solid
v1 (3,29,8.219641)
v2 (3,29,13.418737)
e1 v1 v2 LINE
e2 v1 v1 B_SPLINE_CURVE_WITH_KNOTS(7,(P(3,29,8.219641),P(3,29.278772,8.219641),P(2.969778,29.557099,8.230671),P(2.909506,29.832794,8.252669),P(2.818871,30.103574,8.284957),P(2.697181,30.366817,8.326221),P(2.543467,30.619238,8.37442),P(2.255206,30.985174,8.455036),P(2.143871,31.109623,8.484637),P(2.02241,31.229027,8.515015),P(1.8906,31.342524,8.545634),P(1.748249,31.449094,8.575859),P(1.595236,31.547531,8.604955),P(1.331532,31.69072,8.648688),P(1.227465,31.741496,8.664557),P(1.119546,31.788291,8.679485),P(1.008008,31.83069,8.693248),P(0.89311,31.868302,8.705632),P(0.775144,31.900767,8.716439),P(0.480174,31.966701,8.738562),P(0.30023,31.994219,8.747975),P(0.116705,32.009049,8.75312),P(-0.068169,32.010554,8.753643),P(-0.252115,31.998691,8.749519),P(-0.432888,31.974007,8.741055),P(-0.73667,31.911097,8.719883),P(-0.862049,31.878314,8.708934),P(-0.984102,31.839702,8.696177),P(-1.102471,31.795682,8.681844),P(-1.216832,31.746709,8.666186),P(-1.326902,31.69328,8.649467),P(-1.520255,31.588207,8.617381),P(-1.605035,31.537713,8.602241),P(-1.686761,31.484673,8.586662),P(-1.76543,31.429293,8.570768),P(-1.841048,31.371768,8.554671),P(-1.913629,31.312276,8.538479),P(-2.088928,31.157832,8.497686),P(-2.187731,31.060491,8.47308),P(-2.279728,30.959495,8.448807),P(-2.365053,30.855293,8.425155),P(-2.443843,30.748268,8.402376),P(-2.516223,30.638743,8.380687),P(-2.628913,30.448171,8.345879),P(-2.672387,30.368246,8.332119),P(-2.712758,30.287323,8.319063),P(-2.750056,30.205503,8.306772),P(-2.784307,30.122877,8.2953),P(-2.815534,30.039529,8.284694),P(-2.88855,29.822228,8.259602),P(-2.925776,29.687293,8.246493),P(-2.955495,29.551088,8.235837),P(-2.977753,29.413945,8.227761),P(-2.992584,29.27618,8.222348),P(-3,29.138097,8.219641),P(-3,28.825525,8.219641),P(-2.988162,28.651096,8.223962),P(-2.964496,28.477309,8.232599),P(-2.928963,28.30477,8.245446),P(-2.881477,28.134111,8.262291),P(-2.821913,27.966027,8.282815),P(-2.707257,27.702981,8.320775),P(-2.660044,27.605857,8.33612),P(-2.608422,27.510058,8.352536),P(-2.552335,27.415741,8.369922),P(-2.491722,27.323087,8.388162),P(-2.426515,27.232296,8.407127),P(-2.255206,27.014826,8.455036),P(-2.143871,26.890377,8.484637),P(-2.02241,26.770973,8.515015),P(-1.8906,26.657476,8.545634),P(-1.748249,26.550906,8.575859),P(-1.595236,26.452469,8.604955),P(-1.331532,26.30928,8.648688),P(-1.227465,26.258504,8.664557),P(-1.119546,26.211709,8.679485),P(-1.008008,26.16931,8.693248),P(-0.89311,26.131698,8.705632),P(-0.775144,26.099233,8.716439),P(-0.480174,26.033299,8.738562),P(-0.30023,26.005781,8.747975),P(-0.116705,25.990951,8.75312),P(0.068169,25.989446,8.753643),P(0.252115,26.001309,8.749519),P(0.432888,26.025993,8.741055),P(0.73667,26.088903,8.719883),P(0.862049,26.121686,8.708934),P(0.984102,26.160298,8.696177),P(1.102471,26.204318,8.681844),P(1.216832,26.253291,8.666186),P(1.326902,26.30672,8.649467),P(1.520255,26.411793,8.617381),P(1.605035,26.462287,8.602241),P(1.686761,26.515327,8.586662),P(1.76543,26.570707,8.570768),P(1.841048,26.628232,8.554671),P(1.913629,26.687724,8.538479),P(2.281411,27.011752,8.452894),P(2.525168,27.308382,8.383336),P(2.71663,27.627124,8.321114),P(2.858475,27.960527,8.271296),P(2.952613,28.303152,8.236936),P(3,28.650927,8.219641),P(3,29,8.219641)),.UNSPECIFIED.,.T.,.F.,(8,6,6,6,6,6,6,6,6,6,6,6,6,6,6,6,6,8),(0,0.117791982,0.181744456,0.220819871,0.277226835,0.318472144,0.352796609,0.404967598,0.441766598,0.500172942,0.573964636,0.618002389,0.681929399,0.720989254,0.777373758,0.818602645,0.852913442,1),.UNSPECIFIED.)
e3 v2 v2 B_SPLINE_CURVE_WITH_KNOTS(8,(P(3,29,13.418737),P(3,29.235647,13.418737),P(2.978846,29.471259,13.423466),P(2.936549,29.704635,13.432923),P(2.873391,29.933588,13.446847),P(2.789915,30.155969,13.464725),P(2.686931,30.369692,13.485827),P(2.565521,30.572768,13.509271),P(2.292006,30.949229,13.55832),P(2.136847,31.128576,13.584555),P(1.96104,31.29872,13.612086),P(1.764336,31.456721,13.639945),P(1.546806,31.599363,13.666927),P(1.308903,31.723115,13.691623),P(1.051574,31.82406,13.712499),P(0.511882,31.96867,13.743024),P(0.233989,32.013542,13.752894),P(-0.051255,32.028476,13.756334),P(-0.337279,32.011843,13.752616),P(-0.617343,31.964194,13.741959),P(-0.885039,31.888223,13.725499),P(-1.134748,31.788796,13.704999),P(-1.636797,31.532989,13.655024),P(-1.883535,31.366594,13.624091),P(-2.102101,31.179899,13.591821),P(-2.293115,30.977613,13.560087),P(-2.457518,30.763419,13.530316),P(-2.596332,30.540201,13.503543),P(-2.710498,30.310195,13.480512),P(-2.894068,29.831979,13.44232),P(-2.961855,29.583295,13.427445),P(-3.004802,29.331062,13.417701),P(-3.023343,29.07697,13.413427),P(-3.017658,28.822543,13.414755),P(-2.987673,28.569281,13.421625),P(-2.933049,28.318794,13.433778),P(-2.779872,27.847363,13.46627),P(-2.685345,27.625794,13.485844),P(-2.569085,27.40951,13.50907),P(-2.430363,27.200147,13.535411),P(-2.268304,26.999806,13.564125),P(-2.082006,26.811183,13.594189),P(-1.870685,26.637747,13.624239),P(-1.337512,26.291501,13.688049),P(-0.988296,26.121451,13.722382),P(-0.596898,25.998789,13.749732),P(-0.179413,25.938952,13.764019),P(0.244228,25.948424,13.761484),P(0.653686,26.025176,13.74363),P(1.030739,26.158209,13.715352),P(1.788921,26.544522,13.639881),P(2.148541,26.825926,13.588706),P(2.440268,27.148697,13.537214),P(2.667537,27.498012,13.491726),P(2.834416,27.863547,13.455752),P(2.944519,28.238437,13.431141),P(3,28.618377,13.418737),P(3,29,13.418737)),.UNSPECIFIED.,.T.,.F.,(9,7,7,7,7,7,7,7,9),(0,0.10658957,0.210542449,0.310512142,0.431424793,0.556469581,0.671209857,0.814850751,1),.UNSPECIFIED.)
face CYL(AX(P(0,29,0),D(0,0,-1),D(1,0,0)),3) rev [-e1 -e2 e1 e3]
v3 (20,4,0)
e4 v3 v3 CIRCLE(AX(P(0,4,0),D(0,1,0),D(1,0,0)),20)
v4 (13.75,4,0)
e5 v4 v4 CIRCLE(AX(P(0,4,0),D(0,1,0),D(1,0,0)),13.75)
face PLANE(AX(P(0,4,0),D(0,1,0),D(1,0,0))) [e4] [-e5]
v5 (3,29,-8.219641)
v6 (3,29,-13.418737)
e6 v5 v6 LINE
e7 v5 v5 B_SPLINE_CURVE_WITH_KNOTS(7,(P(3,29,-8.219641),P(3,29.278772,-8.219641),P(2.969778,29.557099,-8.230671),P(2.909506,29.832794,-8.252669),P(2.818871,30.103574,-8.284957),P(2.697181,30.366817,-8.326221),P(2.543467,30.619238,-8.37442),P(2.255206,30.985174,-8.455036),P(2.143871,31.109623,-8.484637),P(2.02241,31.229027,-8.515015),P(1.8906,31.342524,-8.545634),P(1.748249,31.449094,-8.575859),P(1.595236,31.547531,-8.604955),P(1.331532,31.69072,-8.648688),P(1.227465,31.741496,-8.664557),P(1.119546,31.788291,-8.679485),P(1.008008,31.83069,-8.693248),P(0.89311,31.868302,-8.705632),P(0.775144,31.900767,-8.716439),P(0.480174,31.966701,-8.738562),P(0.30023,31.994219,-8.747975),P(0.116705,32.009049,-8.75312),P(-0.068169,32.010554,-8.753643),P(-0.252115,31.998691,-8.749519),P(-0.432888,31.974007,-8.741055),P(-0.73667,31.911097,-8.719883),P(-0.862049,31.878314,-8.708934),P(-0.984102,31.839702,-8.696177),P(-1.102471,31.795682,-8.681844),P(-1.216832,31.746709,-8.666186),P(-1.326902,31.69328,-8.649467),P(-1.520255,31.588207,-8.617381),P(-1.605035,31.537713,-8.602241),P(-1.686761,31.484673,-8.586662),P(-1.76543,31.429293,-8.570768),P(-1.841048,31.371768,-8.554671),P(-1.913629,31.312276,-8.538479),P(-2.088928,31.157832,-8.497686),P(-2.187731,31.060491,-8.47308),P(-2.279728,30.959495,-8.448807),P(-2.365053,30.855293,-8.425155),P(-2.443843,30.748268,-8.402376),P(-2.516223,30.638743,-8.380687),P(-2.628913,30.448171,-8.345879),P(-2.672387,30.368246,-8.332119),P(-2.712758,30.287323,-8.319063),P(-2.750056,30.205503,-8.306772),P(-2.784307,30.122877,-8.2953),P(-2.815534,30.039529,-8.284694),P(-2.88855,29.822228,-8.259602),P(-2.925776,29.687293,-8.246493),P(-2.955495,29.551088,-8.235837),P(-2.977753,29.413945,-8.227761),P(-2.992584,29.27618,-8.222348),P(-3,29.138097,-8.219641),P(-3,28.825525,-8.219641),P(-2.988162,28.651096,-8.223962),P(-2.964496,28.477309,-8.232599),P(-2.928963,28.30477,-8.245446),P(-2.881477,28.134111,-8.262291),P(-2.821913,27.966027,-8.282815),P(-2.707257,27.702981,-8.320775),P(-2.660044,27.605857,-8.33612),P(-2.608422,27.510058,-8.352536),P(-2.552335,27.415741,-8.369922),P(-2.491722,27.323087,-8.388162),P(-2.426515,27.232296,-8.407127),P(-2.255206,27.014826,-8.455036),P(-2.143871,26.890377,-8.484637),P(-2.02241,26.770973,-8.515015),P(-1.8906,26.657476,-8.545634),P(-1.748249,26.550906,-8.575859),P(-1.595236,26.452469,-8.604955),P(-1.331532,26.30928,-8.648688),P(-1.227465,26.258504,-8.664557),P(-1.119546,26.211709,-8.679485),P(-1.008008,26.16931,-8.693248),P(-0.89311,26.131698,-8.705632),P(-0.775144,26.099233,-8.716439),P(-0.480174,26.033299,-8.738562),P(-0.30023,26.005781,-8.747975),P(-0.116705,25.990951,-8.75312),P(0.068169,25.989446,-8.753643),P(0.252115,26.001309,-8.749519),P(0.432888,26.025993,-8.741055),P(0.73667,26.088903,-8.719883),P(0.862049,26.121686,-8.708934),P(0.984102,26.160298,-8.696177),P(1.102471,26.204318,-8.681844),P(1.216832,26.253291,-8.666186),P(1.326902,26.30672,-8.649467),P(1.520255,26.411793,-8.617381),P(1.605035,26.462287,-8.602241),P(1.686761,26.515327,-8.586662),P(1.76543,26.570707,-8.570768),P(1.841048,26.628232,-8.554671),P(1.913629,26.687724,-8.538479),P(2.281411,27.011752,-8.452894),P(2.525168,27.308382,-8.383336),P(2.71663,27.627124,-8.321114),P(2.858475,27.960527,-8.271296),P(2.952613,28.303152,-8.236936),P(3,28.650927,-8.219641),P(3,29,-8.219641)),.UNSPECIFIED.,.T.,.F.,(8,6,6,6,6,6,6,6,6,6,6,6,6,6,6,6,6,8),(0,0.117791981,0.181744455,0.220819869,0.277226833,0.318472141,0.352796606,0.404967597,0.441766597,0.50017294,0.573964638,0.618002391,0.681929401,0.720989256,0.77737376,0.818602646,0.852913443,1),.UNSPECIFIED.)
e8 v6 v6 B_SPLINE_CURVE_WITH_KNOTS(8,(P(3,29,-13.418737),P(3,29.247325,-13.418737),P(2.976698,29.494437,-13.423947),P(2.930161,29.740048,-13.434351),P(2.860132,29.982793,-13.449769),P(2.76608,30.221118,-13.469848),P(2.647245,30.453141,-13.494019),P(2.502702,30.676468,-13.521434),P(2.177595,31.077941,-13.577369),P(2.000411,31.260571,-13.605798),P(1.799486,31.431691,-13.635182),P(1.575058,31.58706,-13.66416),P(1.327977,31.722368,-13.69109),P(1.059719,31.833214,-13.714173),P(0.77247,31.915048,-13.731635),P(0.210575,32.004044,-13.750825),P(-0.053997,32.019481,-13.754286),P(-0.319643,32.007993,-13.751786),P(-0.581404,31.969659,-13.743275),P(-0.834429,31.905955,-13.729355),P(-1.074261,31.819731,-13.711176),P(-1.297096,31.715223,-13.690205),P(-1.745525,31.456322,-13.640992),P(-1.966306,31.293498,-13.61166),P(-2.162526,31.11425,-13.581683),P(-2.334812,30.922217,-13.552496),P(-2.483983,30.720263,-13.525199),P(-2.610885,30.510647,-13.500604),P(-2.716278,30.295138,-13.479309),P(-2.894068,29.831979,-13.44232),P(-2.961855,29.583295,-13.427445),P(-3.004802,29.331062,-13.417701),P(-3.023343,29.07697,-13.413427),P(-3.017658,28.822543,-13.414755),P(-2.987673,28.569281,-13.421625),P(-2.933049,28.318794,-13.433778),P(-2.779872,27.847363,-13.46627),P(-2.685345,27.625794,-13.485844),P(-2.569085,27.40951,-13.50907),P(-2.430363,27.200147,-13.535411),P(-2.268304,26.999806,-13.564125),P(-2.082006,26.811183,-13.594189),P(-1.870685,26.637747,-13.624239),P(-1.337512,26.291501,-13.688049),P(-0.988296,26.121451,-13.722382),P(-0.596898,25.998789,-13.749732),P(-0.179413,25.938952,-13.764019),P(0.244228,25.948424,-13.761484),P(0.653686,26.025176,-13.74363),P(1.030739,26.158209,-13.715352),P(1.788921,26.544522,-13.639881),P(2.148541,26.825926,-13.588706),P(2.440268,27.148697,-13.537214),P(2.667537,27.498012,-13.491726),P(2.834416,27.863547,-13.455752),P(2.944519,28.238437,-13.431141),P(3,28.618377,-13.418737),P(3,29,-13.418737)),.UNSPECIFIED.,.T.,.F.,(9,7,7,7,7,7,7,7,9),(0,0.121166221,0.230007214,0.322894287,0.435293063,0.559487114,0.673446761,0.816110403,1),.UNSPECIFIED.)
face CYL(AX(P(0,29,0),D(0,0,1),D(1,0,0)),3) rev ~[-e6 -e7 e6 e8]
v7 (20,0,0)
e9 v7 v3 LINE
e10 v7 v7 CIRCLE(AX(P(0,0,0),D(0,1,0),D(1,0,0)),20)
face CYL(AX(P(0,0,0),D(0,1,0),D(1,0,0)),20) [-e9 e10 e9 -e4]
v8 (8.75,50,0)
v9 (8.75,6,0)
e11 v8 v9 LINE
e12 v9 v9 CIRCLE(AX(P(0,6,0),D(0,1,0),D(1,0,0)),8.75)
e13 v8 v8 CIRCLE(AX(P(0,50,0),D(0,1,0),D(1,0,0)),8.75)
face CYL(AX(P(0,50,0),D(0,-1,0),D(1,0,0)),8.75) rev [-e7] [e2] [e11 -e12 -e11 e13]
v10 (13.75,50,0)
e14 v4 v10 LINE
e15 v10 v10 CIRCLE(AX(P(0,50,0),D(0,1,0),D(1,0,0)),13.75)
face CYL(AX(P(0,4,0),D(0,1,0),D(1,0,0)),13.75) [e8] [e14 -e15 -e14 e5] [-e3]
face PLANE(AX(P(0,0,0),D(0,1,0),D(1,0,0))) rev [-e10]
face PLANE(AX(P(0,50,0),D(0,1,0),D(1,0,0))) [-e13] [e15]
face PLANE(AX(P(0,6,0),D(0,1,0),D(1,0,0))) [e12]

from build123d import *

# Parameters (mm, degrees)
SKETCH001_R = 3
HOLE_DEPTH  = 170.997689


with BuildPart() as part:
    # Sketch → Revolution (revolve)
    with BuildSketch(Plane.XY):
        Polygon((0, 0), (20, 0), (20, 4), (13.75, 4), (13.75, 50), (8.75, 50), (8.75, 6), (0, 6), align=None)
    revolve(axis=Axis((0, 0, 0), (0, 1, 0)))

    # Sketch001 → Hole (cut, through all)
    with BuildSketch(Plane.XY):
        with Locations((0, 29)):
            Circle(SKETCH001_R)
    hole = extrude(amount=-HOLE_DEPTH, mode=Mode.SUBTRACT)

    # Mirrored: Hole across XY
    add(hole.mirror(Plane.XY), mode=Mode.SUBTRACT)


solid = part.part
